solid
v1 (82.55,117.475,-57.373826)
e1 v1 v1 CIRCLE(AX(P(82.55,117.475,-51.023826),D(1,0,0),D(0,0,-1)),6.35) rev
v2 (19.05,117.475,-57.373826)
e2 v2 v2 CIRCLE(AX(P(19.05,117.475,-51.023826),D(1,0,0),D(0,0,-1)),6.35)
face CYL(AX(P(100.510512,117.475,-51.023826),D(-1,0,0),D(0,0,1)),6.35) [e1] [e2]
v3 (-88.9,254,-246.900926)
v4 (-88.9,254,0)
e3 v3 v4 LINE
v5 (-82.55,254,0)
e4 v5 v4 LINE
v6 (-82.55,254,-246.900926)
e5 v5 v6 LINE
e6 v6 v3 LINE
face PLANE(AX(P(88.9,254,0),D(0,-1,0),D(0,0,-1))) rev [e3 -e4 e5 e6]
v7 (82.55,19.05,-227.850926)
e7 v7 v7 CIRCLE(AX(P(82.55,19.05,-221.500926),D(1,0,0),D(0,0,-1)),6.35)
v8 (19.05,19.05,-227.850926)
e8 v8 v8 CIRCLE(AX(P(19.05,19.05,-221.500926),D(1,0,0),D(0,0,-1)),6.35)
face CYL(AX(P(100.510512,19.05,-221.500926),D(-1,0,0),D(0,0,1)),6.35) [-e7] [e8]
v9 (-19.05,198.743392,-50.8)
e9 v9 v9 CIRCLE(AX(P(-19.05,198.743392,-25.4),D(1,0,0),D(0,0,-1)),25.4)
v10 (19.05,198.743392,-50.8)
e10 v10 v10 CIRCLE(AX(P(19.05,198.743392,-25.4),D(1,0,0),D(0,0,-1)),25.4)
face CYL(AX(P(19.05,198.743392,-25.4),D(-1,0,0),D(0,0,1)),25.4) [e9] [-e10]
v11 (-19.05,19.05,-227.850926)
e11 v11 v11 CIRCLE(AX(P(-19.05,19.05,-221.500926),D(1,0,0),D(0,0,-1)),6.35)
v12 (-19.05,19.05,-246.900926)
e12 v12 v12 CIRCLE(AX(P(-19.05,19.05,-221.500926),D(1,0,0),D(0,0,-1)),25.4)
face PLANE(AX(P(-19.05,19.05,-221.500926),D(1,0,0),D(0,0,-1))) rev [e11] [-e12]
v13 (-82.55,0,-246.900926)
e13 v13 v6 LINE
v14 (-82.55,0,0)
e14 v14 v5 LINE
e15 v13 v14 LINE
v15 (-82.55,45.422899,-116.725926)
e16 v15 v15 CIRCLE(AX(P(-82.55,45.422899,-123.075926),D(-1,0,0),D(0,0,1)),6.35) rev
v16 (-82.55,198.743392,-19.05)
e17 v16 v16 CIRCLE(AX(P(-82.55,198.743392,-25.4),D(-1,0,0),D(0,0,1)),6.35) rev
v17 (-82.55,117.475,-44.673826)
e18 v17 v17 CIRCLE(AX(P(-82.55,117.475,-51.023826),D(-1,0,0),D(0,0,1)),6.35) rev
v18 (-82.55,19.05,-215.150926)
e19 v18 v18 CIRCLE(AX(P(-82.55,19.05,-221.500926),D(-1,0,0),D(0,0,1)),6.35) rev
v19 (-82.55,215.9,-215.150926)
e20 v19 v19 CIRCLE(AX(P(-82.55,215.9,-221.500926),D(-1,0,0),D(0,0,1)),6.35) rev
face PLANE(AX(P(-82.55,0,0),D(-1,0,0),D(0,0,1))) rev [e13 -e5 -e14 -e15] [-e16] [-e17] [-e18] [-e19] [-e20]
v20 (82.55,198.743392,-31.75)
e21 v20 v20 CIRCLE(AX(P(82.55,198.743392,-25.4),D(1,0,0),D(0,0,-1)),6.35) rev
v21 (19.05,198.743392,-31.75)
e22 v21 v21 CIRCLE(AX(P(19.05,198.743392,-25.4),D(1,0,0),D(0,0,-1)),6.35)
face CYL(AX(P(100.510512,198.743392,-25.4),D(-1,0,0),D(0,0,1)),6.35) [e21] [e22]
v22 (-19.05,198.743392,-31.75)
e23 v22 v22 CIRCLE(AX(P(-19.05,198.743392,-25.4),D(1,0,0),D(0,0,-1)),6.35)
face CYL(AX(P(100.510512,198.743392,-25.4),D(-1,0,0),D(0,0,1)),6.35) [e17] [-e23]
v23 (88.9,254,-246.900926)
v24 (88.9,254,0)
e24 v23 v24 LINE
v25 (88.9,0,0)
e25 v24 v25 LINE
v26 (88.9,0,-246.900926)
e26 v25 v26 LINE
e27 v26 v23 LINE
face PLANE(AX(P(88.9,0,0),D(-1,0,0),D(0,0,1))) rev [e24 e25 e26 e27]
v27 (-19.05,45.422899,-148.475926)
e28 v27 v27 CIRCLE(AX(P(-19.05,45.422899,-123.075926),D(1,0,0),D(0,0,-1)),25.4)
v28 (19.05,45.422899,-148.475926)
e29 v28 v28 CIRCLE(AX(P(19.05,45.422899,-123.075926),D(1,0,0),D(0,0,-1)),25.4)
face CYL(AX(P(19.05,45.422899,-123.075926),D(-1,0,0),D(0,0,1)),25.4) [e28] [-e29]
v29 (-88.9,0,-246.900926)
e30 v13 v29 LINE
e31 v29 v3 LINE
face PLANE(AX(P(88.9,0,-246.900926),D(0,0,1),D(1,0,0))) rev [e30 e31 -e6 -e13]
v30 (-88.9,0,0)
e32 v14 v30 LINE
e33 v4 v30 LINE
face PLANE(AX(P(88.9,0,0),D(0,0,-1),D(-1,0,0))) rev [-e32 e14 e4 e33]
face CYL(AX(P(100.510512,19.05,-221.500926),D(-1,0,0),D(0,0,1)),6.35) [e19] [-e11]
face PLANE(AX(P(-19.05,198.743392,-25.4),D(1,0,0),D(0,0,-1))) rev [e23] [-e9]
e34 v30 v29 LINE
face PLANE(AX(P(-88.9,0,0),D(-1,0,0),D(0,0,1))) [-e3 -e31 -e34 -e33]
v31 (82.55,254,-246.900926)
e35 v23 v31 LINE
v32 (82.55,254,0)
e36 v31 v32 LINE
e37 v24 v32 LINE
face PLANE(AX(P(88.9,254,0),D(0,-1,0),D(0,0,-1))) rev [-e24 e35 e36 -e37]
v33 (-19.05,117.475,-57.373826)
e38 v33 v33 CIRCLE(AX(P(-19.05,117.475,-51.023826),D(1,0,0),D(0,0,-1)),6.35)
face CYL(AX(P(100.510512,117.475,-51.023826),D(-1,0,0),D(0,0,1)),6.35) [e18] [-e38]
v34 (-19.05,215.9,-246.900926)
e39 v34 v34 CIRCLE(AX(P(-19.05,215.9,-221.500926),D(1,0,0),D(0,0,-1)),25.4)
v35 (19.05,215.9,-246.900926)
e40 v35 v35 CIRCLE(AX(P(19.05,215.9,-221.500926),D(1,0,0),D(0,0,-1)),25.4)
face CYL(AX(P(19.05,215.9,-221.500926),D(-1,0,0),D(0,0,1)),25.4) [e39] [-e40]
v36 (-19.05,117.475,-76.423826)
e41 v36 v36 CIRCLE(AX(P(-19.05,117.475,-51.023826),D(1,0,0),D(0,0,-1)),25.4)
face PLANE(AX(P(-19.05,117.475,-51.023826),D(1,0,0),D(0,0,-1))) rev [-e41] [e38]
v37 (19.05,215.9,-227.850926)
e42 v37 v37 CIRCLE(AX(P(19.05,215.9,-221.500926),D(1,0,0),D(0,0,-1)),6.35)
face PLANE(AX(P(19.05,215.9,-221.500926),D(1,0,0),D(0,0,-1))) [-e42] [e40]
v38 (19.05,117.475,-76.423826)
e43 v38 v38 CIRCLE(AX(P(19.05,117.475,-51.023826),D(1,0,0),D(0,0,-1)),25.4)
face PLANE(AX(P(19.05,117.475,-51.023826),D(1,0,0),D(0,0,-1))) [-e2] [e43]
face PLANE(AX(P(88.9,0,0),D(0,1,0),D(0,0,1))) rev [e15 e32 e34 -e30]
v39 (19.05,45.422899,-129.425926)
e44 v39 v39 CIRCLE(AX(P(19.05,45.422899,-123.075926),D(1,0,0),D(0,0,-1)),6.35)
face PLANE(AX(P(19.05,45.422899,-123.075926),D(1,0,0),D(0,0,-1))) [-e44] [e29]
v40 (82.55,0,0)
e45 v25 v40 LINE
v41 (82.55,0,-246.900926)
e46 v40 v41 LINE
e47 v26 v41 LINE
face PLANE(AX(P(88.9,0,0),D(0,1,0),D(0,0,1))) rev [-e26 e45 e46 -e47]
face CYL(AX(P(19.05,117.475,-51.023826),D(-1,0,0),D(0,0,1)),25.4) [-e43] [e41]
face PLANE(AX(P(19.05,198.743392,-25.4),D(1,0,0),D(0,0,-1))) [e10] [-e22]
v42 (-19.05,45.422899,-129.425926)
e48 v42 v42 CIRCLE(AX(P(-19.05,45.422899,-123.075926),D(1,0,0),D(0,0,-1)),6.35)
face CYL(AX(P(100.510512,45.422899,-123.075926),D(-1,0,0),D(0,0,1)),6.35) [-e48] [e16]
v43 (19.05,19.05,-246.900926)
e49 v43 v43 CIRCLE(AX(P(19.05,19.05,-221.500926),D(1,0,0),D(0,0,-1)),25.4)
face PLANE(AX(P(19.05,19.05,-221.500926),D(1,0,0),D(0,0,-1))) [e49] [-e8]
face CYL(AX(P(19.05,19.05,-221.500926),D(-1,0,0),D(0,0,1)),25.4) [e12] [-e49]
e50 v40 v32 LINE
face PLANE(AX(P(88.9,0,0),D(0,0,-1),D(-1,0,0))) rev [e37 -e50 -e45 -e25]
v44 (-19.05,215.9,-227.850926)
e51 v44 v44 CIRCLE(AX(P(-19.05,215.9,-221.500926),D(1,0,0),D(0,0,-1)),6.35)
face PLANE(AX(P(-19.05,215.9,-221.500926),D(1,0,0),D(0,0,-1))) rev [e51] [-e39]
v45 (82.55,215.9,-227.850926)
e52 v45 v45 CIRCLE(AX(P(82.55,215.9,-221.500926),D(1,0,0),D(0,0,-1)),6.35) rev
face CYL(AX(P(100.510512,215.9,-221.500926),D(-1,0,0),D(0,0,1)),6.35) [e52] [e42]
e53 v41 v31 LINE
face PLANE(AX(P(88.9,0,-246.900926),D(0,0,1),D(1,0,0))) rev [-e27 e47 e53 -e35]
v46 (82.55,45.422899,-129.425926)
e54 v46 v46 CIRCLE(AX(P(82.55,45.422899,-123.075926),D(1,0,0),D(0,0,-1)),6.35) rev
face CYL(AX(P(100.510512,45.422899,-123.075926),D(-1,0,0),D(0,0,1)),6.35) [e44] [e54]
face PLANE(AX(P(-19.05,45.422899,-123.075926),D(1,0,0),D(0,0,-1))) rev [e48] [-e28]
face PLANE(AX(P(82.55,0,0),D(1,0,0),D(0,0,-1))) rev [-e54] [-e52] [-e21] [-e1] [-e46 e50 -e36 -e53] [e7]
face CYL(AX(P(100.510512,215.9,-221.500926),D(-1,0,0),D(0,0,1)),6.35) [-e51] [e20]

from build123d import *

# Parameters (mm, degrees)
SKETCH1_W               = 246.900926319
SKETCH1_H               = 254
BOSS_EXTRUDE1_DEPTH     = 88.9
SKETCH2_W               = 165.1
SKETCH2_H               = 246.900926319
CUT_EXTRUDE1_DEPTH      = 1
CUT_EXTRUDE1_DEPTH_BACK = 255
SKETCH3_R               = 25.4
BOSS_EXTRUDE2_DEPTH     = 19.05
BOSS_EXTRUDE2_2_DEPTH   = 19.05
BOSS_EXTRUDE2_3_DEPTH   = 19.05
BOSS_EXTRUDE2_4_DEPTH   = 19.05
BOSS_EXTRUDE2_5_DEPTH   = 19.05
BOSS_EXTRUDE3_START     = -82.55
SKETCH4_R               = 6.35
BOSS_EXTRUDE3_DEPTH     = 165.1


with BuildPart() as part:
    # Sketch1 → Boss-Extrude1 (new body, symmetric)
    with BuildSketch(Plane(origin=(0, 0, 0), x_dir=(0, 0, -1), z_dir=(1, 0, 0))):
        with Locations((123.45046316, 127)):
            Rectangle(SKETCH1_W, SKETCH1_H)
    extrude(amount=BOSS_EXTRUDE1_DEPTH, both=True)

    # Sketch2 → Cut-Extrude1 (cut, two sides)
    with BuildSketch(Plane(origin=(0, 254, 0), x_dir=(1, 0, 0), z_dir=(0, 1, 0))) as cut_extrude1_sk:
        with Locations((0, 123.45046316)):
            Rectangle(SKETCH2_W, SKETCH2_H)
    extrude(amount=CUT_EXTRUDE1_DEPTH, mode=Mode.SUBTRACT)
    extrude(cut_extrude1_sk.sketch, amount=-CUT_EXTRUDE1_DEPTH_BACK, mode=Mode.SUBTRACT)



with BuildPart() as body_2:
    # Sketch3 → Boss-Extrude2 (new body, symmetric)
    with BuildSketch(Plane(origin=(0, 0, 0), x_dir=(0, 0, -1), z_dir=(1, 0, 0))):
        with Locations((221.500926319, 215.9)):
            Circle(SKETCH3_R)
    extrude(amount=BOSS_EXTRUDE2_DEPTH, both=True)


with BuildPart() as body_3:
    # Sketch3 → Boss-Extrude2 2 (new body, symmetric)
    with BuildSketch(Plane(origin=(0, 0, 0), x_dir=(0, 0, -1), z_dir=(1, 0, 0))):
        with Locations((25.4, 198.74339204)):
            Circle(SKETCH3_R)
    extrude(amount=BOSS_EXTRUDE2_2_DEPTH, both=True)


with BuildPart() as body_4:
    # Sketch3 → Boss-Extrude2 3 (new body, symmetric)
    with BuildSketch(Plane(origin=(0, 0, 0), x_dir=(0, 0, -1), z_dir=(1, 0, 0))):
        with Locations((221.500926319, 19.05)):
            Circle(SKETCH3_R)
    extrude(amount=BOSS_EXTRUDE2_3_DEPTH, both=True)


with BuildPart() as body_5:
    # Sketch3 → Boss-Extrude2 4 (new body, symmetric)
    with BuildSketch(Plane(origin=(0, 0, 0), x_dir=(0, 0, -1), z_dir=(1, 0, 0))):
        with Locations((123.075926319, 45.422899265)):
            Circle(SKETCH3_R)
    extrude(amount=BOSS_EXTRUDE2_4_DEPTH, both=True)


with BuildPart() as body_6:
    # Sketch3 → Boss-Extrude2 5 (new body, symmetric)
    with BuildSketch(Plane(origin=(0, 0, 0), x_dir=(0, 0, -1), z_dir=(1, 0, 0))):
        with Locations((51.023825584, 117.475)):
            Circle(SKETCH3_R)
    extrude(amount=BOSS_EXTRUDE2_5_DEPTH, both=True)


with BuildPart() as part_1:
    add(part.part)

    add(body_2.part)  # Boss-Extrude3 merges body 2

    add(body_3.part)  # Boss-Extrude3 merges body 3

    add(body_4.part)  # Boss-Extrude3 merges body 4

    add(body_5.part)  # Boss-Extrude3 merges body 5

    add(body_6.part)  # Boss-Extrude3 merges body 6
    # Sketch4 → Boss-Extrude3 (add)
    with BuildSketch(Plane(origin=(0, 0, 0), x_dir=(0, 0, -1), z_dir=(1, 0, 0)).offset(BOSS_EXTRUDE3_START)):
        with Locations((221.500926319, 19.05)):
            Circle(SKETCH4_R)
        with Locations((123.075926319, 45.422899265)):
            Circle(SKETCH4_R)
        with Locations((51.023825584, 117.475)):
            Circle(SKETCH4_R)
        with Locations((25.4, 198.74339204)):
            Circle(SKETCH4_R)
        with Locations((221.500926319, 215.9)):
            Circle(SKETCH4_R)
    extrude(amount=BOSS_EXTRUDE3_DEPTH)


solid = part_1.part
